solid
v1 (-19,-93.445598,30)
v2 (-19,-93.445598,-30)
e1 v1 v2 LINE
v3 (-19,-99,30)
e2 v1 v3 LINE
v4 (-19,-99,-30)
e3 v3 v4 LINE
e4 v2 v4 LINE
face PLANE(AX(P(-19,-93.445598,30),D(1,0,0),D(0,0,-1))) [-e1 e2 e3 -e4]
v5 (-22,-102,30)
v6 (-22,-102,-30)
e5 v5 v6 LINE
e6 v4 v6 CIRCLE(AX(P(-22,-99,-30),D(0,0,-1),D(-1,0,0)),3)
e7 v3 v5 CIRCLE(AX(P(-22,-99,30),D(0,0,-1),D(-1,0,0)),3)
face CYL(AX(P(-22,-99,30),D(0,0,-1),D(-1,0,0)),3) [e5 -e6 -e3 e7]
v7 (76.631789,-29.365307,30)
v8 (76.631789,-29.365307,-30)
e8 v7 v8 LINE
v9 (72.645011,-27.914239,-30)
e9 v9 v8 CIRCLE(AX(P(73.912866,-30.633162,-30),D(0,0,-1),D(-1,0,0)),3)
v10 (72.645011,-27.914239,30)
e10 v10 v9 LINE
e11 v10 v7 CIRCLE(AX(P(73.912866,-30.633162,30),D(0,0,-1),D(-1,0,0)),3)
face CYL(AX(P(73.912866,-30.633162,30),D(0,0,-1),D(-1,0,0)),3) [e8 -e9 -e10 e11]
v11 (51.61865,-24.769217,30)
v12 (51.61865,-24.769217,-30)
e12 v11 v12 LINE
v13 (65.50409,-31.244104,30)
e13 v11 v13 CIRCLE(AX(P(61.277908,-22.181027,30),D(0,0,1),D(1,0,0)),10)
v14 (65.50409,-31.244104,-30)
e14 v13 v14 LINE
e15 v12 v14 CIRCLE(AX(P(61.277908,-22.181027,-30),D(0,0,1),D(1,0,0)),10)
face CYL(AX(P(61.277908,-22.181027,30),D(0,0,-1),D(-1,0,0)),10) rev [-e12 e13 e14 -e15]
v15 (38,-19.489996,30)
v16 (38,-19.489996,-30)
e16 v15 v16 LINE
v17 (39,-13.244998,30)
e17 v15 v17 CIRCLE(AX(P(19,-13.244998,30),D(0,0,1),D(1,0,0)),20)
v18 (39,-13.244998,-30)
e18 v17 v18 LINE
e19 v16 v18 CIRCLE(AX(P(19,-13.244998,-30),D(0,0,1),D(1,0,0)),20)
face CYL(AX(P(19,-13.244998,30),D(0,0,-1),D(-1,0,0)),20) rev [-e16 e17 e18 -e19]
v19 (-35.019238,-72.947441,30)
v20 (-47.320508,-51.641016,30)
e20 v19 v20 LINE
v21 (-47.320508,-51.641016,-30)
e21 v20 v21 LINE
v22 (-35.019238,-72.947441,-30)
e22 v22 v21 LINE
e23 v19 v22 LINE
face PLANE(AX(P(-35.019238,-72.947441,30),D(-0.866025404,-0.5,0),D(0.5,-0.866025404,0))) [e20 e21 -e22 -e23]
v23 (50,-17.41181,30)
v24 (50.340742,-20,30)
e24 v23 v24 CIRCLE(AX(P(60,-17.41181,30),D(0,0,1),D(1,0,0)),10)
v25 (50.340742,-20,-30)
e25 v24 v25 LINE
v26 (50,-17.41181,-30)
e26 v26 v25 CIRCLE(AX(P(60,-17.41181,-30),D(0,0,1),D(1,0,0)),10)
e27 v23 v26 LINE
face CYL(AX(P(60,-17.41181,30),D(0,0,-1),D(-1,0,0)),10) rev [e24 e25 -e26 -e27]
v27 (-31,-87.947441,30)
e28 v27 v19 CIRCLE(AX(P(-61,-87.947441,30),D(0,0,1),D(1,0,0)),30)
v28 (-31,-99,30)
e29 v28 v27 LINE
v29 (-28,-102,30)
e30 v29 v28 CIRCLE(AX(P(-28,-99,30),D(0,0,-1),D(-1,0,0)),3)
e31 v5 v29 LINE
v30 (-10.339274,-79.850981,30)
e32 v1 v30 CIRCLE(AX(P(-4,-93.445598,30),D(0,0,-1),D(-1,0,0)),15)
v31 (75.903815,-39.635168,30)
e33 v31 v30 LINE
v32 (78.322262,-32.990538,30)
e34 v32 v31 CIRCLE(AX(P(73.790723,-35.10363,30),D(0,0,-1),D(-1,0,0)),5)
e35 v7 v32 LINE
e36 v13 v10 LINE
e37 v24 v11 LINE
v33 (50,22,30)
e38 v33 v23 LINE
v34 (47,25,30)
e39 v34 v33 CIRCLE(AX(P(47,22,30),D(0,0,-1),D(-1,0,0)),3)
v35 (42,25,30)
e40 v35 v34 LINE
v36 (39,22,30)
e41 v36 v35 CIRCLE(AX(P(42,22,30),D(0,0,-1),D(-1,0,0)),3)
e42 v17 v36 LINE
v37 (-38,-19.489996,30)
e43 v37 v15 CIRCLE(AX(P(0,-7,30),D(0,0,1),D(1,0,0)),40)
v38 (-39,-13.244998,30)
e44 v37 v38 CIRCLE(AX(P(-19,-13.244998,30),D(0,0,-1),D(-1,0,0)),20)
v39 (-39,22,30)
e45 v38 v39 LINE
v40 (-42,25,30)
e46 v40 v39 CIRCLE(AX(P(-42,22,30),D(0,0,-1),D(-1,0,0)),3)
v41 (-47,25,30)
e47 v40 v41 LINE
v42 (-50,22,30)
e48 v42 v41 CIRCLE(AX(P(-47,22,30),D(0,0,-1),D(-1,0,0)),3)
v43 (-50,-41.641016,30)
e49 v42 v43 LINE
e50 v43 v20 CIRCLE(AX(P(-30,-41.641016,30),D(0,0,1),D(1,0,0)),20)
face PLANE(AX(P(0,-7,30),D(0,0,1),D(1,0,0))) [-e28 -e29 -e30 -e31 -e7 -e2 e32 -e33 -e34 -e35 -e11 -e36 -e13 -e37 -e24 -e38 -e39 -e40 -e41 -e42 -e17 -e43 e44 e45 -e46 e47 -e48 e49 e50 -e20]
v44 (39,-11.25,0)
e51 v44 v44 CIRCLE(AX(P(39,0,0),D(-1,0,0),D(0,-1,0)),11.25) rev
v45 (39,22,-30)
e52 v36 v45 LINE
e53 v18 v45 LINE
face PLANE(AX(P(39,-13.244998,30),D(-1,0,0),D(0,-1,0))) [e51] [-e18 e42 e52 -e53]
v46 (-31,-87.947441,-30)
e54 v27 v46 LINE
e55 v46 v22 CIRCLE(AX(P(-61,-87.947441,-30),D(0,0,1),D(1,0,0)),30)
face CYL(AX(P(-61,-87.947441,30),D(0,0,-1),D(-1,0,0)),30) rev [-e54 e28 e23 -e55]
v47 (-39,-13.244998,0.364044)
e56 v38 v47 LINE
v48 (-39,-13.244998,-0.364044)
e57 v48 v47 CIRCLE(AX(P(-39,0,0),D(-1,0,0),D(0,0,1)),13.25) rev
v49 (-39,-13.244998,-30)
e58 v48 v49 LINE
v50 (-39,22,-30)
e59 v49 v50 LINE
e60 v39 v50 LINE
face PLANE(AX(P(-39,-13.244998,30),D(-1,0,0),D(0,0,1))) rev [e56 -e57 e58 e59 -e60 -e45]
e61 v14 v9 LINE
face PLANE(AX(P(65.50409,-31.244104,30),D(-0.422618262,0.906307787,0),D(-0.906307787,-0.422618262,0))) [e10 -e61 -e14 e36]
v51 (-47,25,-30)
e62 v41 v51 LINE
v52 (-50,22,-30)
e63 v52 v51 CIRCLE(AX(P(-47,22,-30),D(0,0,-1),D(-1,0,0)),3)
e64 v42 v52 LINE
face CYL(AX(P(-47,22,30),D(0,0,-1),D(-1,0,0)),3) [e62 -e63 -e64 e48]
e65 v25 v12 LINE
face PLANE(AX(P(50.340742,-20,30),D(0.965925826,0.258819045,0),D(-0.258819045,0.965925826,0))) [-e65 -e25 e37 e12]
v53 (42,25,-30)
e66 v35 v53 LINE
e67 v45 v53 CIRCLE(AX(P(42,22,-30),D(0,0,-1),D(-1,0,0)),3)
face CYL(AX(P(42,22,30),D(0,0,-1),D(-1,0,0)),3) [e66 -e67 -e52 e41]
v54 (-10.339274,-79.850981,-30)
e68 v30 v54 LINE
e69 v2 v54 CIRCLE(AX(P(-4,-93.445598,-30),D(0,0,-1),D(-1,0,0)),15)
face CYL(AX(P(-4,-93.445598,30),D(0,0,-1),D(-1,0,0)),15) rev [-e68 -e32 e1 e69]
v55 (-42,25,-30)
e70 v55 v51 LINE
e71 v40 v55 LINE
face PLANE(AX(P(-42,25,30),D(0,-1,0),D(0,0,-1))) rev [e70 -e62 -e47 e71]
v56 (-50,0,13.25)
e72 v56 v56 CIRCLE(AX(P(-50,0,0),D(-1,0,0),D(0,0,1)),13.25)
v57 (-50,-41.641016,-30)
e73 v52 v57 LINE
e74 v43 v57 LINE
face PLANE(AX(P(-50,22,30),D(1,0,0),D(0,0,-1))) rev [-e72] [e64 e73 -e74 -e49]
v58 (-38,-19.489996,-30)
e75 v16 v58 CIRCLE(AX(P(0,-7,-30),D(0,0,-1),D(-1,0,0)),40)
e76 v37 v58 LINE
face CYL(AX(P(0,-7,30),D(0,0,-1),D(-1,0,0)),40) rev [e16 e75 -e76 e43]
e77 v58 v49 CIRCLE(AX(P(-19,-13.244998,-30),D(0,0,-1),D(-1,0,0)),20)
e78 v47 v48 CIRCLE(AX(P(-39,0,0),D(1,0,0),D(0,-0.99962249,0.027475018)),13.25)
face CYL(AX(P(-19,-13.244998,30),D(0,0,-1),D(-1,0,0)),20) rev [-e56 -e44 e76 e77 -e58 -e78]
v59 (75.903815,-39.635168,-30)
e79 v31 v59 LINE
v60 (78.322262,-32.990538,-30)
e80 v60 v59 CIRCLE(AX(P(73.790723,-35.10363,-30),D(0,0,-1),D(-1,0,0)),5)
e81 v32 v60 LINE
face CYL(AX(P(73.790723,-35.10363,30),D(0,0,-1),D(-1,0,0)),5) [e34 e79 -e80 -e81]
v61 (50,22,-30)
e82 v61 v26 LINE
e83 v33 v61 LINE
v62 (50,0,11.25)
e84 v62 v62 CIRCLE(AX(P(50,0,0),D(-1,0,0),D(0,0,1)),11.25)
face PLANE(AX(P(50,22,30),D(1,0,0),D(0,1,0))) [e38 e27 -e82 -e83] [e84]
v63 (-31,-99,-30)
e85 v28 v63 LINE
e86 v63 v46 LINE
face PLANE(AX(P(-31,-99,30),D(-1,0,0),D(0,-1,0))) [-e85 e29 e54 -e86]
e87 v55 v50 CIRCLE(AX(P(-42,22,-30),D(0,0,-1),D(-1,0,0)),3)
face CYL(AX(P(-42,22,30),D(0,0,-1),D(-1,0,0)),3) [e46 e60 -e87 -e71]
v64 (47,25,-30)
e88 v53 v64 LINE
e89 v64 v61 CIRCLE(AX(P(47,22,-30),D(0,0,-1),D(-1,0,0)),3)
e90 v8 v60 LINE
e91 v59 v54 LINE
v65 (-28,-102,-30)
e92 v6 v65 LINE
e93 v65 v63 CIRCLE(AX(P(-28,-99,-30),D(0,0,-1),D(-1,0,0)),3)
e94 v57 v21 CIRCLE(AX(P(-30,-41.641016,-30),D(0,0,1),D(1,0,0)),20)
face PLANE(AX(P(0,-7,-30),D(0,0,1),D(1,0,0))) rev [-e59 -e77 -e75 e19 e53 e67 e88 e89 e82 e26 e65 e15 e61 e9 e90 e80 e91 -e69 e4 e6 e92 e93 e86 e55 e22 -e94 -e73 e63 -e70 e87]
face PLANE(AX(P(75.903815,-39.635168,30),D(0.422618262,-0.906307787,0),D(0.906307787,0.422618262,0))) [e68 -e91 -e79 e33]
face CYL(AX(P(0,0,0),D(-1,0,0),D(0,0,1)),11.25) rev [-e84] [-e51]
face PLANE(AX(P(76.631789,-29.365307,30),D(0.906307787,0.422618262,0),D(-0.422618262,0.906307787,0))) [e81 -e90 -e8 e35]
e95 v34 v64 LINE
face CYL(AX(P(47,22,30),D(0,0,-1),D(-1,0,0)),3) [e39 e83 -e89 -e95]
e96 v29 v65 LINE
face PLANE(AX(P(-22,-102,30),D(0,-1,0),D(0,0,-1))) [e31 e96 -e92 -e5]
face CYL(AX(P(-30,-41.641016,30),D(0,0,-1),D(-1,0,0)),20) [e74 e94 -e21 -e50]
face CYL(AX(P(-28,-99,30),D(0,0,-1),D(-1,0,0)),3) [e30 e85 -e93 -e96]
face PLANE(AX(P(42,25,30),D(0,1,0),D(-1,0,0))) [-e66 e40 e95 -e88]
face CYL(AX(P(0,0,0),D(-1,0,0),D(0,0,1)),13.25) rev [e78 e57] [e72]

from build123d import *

# Parameters (mm, degrees)
BASE_EXTRUDE_DEPTH = 30


with BuildPart() as part:
    # Sketch1 → Base-Extrude (new body, symmetric)
    with BuildSketch(Plane.XY):
        with BuildLine():
            Line((39, -13.244998), (39, 22))
            ThreePointArc((39, 22), (39.87868, 24.12132), (42, 25))
            Line((42, 25), (47, 25))
            ThreePointArc((47, 25), (49.12132, 24.12132), (50, 22))
            Line((50, 22), (50, -17.41181))
            ThreePointArc((50, -17.41181), (50.085551, -18.717071), (50.340742, -20))
            Line((50.340742, -20), (51.61865, -24.769217))
            ThreePointArc((51.61865, -24.769217), (57.051725, -31.244104), (65.50409, -31.244104))
            Line((65.50409, -31.244104), (72.645011, -27.914239))
            ThreePointArc((72.645011, -27.914239), (74.938926, -27.814084), (76.631789, -29.365307))
            Line((76.631789, -29.365307), (78.322262, -32.990538))
            ThreePointArc((78.322262, -32.990538), (78.489186, -36.81373), (75.903815, -39.635168))
            Line((75.903815, -39.635168), (-10.339274, -79.850981))
            ThreePointArc((-10.339274, -79.850981), (-16.650872, -85.386104), (-19, -93.445598))
            Line((-19, -93.445598), (-19, -99))
            ThreePointArc((-19, -99), (-19.87868, -101.12132), (-22, -102))
            Line((-22, -102), (-28, -102))
            ThreePointArc((-28, -102), (-30.12132, -101.12132), (-31, -99))
            Line((-31, -99), (-31, -87.947441))
            ThreePointArc((-31, -87.947441), (-32.022225, -80.18287), (-35.019238, -72.947441))
            Line((-35.019238, -72.947441), (-47.320508, -51.641016))
            ThreePointArc((-47.320508, -51.641016), (-49.318517, -46.817397), (-50, -41.641016))
            Line((-50, -41.641016), (-50, 22))
            ThreePointArc((-50, 22), (-49.12132, 24.12132), (-47, 25))
            Line((-47, 25), (-42, 25))
            ThreePointArc((-42, 25), (-39.87868, 24.12132), (-39, 22))
            Line((-39, 22), (-39, -13.244998))
            ThreePointArc((-39, -13.244998), (-38.748418, -16.407276), (-38, -19.489996))
            ThreePointArc((-38, -19.489996), (-23.456344, -39.400616), (0, -47))
            ThreePointArc((0, -47), (23.456344, -39.400616), (38, -19.489996))
            ThreePointArc((38, -19.489996), (38.748418, -16.407276), (39, -13.244998))
        make_face()
    extrude(amount=BASE_EXTRUDE_DEPTH, both=True)

    # Sketch4 → Udboring ø26.5/ø22.5 (revolve, cut)
    with BuildSketch(Plane.XY):
        Polygon((50, 11.25), (0, 11.25), (0, 13.25), (-50, 13.25), (-50, 0), (0, 0), (50, 0), align=None)
    revolve(axis=Axis((0, 0, 0), (1, 0, 0)), mode=Mode.SUBTRACT)


solid = part.part
